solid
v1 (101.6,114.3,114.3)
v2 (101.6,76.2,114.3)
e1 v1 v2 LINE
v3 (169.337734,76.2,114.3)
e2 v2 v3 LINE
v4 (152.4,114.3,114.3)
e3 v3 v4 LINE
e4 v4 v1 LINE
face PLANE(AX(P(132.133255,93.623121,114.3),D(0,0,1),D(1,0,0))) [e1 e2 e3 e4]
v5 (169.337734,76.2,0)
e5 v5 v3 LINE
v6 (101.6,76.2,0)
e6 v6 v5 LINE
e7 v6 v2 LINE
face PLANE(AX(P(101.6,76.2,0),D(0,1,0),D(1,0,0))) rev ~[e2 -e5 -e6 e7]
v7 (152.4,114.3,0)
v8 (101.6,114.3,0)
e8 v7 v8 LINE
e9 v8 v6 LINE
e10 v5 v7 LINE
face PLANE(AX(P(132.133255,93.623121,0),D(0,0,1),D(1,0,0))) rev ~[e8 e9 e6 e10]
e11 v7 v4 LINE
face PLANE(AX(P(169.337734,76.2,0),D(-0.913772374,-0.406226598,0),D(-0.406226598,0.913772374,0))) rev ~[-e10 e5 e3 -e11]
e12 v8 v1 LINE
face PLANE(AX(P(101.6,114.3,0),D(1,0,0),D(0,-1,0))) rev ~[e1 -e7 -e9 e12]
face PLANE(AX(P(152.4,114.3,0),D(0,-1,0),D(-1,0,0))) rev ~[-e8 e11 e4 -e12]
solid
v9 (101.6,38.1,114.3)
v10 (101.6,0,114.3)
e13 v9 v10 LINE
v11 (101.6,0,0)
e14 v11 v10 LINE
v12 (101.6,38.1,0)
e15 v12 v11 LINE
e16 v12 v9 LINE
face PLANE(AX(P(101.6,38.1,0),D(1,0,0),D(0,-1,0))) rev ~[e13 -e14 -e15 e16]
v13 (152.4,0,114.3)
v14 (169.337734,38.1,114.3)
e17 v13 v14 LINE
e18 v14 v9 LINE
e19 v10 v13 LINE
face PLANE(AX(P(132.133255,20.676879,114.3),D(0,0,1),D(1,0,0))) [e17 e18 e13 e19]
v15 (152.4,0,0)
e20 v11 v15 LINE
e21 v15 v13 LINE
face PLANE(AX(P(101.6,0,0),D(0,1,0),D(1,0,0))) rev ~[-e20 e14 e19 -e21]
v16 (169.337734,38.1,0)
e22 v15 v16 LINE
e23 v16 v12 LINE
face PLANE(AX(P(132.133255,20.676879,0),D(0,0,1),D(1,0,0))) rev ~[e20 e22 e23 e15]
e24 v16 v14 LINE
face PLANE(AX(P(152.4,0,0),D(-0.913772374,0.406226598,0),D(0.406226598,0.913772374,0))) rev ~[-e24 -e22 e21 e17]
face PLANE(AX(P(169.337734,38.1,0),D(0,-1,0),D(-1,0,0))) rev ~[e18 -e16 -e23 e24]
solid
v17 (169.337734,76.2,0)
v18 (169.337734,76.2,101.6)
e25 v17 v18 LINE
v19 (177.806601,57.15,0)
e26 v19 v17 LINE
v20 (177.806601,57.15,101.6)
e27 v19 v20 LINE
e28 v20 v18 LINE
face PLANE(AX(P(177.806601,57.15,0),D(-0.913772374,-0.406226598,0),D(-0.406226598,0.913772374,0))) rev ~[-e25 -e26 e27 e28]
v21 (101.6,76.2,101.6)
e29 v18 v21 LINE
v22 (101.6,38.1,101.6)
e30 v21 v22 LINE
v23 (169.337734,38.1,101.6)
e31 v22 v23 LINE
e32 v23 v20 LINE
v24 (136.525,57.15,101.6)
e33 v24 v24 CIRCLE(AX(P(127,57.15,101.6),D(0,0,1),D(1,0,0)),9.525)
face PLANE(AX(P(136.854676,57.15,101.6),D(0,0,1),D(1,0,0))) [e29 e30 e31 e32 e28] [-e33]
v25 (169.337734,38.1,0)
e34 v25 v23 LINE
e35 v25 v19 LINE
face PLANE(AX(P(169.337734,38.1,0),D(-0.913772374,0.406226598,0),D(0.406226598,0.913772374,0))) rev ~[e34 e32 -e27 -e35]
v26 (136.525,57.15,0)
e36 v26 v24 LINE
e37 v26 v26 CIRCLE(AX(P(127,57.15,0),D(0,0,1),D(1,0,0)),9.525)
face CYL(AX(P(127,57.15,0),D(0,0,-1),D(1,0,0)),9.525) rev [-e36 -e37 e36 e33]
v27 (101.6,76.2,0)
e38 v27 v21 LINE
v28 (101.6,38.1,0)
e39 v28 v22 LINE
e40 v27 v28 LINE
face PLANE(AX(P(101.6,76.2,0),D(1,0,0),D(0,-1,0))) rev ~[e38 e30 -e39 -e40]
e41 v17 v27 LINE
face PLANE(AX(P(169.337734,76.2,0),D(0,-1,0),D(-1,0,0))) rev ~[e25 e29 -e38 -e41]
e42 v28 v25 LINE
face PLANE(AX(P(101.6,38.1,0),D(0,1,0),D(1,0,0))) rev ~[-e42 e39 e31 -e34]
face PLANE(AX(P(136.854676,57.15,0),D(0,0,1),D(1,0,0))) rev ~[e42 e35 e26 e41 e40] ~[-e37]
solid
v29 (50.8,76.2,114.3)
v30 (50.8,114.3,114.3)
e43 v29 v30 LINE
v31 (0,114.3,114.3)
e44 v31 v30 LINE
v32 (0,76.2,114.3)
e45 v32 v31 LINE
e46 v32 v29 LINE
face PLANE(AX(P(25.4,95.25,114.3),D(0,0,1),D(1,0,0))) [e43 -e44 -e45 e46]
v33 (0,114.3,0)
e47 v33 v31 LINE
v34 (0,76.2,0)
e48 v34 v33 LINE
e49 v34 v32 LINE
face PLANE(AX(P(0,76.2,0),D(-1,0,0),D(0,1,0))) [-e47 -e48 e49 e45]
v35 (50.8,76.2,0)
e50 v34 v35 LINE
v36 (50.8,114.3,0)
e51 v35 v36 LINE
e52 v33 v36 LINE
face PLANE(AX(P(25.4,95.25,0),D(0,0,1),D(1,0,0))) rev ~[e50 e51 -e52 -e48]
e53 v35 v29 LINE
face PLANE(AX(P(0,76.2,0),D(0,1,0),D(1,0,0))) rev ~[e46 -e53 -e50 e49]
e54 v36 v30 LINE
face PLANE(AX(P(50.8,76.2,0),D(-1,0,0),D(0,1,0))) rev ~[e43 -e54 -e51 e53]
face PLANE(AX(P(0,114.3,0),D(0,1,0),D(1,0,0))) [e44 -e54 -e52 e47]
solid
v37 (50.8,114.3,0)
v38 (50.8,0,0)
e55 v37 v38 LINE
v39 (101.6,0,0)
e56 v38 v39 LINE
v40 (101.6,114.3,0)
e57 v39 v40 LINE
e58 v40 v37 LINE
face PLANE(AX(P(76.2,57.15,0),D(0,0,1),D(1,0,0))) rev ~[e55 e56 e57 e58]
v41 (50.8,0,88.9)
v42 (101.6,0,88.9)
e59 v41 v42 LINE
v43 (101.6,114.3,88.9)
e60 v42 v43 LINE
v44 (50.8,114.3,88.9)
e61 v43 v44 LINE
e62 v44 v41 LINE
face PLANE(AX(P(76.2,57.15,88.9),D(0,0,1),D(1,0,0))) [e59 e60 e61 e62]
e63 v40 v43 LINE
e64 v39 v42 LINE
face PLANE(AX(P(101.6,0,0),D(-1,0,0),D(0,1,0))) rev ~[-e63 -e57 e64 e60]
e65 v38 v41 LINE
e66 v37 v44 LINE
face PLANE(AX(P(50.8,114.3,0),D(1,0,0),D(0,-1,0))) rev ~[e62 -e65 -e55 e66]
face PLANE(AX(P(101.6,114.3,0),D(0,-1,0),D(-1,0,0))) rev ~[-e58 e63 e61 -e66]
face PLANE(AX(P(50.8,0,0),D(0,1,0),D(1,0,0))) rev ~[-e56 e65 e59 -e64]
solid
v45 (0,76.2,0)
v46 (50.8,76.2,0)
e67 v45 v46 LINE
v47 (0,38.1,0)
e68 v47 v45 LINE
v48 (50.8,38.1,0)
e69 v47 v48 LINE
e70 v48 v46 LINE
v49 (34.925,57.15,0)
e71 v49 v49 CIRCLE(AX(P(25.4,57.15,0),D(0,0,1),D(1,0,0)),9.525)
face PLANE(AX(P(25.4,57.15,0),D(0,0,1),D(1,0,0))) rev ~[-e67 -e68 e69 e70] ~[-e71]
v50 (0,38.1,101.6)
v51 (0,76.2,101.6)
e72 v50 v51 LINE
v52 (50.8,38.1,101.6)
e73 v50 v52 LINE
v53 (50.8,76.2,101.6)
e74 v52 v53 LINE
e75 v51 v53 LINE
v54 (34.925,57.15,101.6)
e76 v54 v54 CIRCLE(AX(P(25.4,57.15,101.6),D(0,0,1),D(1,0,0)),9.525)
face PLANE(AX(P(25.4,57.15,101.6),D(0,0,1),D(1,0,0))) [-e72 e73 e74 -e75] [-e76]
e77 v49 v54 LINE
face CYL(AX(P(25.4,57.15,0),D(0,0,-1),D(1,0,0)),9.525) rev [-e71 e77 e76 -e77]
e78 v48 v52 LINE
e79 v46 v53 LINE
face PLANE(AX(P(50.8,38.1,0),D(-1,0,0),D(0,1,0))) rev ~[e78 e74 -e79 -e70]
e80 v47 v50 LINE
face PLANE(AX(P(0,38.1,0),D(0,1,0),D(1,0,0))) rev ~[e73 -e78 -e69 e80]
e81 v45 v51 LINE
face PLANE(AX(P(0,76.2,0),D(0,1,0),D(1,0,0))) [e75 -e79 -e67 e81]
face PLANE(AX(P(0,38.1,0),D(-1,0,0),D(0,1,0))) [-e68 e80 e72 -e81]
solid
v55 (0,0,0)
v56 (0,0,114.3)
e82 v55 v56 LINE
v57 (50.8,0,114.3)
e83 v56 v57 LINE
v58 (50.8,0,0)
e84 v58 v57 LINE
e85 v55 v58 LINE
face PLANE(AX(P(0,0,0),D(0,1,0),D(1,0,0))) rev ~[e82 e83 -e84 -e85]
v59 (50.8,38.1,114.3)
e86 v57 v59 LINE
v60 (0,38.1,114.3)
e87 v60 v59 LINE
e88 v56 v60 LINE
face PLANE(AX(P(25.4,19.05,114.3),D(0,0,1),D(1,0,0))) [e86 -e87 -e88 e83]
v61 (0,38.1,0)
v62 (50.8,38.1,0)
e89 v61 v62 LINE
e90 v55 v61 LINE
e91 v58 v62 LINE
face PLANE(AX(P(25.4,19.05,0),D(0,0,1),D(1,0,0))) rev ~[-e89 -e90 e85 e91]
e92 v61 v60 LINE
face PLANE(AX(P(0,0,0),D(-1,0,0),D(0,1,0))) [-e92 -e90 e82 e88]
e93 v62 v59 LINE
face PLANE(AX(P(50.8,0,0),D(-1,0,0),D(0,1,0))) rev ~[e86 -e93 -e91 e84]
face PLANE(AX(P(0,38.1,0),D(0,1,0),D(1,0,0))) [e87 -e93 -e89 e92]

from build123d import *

# Parameters (mm, degrees)
F0_W     = 50.8
F0_H     = 38.1
F1_DEPTH = 114.3
F2_DEPTH = 88.9
F0_R     = 9.525
F3_DEPTH = 101.6


with BuildPart() as f1:
    # F0 (on Top) → F1 (new body)
    with BuildSketch(Plane.XY):
        with Locations((25.4, 19.05)):
            Rectangle(F0_W, F0_H)
        Polygon((101.6, 0), (152.4, 0), (169.337734, 38.1), (152.4, 38.1), (101.6, 38.1), align=None)
        Polygon((101.6, 114.3), (101.6, 76.2), (152.4, 76.2), (169.337734, 76.2), (152.4, 114.3), align=None)
        with Locations((25.4, 95.25)):
            Rectangle(F0_W, F0_H)
    extrude(amount=F1_DEPTH)


with BuildPart() as f2:
    # F0 (on Top) → F2 (new body)
    with BuildSketch(Plane.XY):
        Polygon((50.8, 0), (101.6, 0), (101.6, 38.1), (101.6, 76.2), (101.6, 114.3), (50.8, 114.3), (50.8, 76.2), (50.8, 38.1), align=None)
    extrude(amount=F2_DEPTH)


with BuildPart() as f3:
    # F0 (on Top) → F3 (new body)
    with BuildSketch(Plane.XY):
        with Locations((25.4, 57.15)):
            Rectangle(F0_W, F0_H)
        with Locations((25.4, 57.15)):
            Circle(F0_R, mode=Mode.SUBTRACT)
        Polygon((152.4, 38.1), (169.337734, 38.1), (177.806601, 57.15), (169.337734, 76.2), (152.4, 76.2), (101.6, 76.2), (101.6, 38.1), align=None)
        with Locations((127, 57.15)):
            Circle(F0_R, mode=Mode.SUBTRACT)
    extrude(amount=F3_DEPTH)


solid = Compound([f1.part, f2.part, f3.part])
